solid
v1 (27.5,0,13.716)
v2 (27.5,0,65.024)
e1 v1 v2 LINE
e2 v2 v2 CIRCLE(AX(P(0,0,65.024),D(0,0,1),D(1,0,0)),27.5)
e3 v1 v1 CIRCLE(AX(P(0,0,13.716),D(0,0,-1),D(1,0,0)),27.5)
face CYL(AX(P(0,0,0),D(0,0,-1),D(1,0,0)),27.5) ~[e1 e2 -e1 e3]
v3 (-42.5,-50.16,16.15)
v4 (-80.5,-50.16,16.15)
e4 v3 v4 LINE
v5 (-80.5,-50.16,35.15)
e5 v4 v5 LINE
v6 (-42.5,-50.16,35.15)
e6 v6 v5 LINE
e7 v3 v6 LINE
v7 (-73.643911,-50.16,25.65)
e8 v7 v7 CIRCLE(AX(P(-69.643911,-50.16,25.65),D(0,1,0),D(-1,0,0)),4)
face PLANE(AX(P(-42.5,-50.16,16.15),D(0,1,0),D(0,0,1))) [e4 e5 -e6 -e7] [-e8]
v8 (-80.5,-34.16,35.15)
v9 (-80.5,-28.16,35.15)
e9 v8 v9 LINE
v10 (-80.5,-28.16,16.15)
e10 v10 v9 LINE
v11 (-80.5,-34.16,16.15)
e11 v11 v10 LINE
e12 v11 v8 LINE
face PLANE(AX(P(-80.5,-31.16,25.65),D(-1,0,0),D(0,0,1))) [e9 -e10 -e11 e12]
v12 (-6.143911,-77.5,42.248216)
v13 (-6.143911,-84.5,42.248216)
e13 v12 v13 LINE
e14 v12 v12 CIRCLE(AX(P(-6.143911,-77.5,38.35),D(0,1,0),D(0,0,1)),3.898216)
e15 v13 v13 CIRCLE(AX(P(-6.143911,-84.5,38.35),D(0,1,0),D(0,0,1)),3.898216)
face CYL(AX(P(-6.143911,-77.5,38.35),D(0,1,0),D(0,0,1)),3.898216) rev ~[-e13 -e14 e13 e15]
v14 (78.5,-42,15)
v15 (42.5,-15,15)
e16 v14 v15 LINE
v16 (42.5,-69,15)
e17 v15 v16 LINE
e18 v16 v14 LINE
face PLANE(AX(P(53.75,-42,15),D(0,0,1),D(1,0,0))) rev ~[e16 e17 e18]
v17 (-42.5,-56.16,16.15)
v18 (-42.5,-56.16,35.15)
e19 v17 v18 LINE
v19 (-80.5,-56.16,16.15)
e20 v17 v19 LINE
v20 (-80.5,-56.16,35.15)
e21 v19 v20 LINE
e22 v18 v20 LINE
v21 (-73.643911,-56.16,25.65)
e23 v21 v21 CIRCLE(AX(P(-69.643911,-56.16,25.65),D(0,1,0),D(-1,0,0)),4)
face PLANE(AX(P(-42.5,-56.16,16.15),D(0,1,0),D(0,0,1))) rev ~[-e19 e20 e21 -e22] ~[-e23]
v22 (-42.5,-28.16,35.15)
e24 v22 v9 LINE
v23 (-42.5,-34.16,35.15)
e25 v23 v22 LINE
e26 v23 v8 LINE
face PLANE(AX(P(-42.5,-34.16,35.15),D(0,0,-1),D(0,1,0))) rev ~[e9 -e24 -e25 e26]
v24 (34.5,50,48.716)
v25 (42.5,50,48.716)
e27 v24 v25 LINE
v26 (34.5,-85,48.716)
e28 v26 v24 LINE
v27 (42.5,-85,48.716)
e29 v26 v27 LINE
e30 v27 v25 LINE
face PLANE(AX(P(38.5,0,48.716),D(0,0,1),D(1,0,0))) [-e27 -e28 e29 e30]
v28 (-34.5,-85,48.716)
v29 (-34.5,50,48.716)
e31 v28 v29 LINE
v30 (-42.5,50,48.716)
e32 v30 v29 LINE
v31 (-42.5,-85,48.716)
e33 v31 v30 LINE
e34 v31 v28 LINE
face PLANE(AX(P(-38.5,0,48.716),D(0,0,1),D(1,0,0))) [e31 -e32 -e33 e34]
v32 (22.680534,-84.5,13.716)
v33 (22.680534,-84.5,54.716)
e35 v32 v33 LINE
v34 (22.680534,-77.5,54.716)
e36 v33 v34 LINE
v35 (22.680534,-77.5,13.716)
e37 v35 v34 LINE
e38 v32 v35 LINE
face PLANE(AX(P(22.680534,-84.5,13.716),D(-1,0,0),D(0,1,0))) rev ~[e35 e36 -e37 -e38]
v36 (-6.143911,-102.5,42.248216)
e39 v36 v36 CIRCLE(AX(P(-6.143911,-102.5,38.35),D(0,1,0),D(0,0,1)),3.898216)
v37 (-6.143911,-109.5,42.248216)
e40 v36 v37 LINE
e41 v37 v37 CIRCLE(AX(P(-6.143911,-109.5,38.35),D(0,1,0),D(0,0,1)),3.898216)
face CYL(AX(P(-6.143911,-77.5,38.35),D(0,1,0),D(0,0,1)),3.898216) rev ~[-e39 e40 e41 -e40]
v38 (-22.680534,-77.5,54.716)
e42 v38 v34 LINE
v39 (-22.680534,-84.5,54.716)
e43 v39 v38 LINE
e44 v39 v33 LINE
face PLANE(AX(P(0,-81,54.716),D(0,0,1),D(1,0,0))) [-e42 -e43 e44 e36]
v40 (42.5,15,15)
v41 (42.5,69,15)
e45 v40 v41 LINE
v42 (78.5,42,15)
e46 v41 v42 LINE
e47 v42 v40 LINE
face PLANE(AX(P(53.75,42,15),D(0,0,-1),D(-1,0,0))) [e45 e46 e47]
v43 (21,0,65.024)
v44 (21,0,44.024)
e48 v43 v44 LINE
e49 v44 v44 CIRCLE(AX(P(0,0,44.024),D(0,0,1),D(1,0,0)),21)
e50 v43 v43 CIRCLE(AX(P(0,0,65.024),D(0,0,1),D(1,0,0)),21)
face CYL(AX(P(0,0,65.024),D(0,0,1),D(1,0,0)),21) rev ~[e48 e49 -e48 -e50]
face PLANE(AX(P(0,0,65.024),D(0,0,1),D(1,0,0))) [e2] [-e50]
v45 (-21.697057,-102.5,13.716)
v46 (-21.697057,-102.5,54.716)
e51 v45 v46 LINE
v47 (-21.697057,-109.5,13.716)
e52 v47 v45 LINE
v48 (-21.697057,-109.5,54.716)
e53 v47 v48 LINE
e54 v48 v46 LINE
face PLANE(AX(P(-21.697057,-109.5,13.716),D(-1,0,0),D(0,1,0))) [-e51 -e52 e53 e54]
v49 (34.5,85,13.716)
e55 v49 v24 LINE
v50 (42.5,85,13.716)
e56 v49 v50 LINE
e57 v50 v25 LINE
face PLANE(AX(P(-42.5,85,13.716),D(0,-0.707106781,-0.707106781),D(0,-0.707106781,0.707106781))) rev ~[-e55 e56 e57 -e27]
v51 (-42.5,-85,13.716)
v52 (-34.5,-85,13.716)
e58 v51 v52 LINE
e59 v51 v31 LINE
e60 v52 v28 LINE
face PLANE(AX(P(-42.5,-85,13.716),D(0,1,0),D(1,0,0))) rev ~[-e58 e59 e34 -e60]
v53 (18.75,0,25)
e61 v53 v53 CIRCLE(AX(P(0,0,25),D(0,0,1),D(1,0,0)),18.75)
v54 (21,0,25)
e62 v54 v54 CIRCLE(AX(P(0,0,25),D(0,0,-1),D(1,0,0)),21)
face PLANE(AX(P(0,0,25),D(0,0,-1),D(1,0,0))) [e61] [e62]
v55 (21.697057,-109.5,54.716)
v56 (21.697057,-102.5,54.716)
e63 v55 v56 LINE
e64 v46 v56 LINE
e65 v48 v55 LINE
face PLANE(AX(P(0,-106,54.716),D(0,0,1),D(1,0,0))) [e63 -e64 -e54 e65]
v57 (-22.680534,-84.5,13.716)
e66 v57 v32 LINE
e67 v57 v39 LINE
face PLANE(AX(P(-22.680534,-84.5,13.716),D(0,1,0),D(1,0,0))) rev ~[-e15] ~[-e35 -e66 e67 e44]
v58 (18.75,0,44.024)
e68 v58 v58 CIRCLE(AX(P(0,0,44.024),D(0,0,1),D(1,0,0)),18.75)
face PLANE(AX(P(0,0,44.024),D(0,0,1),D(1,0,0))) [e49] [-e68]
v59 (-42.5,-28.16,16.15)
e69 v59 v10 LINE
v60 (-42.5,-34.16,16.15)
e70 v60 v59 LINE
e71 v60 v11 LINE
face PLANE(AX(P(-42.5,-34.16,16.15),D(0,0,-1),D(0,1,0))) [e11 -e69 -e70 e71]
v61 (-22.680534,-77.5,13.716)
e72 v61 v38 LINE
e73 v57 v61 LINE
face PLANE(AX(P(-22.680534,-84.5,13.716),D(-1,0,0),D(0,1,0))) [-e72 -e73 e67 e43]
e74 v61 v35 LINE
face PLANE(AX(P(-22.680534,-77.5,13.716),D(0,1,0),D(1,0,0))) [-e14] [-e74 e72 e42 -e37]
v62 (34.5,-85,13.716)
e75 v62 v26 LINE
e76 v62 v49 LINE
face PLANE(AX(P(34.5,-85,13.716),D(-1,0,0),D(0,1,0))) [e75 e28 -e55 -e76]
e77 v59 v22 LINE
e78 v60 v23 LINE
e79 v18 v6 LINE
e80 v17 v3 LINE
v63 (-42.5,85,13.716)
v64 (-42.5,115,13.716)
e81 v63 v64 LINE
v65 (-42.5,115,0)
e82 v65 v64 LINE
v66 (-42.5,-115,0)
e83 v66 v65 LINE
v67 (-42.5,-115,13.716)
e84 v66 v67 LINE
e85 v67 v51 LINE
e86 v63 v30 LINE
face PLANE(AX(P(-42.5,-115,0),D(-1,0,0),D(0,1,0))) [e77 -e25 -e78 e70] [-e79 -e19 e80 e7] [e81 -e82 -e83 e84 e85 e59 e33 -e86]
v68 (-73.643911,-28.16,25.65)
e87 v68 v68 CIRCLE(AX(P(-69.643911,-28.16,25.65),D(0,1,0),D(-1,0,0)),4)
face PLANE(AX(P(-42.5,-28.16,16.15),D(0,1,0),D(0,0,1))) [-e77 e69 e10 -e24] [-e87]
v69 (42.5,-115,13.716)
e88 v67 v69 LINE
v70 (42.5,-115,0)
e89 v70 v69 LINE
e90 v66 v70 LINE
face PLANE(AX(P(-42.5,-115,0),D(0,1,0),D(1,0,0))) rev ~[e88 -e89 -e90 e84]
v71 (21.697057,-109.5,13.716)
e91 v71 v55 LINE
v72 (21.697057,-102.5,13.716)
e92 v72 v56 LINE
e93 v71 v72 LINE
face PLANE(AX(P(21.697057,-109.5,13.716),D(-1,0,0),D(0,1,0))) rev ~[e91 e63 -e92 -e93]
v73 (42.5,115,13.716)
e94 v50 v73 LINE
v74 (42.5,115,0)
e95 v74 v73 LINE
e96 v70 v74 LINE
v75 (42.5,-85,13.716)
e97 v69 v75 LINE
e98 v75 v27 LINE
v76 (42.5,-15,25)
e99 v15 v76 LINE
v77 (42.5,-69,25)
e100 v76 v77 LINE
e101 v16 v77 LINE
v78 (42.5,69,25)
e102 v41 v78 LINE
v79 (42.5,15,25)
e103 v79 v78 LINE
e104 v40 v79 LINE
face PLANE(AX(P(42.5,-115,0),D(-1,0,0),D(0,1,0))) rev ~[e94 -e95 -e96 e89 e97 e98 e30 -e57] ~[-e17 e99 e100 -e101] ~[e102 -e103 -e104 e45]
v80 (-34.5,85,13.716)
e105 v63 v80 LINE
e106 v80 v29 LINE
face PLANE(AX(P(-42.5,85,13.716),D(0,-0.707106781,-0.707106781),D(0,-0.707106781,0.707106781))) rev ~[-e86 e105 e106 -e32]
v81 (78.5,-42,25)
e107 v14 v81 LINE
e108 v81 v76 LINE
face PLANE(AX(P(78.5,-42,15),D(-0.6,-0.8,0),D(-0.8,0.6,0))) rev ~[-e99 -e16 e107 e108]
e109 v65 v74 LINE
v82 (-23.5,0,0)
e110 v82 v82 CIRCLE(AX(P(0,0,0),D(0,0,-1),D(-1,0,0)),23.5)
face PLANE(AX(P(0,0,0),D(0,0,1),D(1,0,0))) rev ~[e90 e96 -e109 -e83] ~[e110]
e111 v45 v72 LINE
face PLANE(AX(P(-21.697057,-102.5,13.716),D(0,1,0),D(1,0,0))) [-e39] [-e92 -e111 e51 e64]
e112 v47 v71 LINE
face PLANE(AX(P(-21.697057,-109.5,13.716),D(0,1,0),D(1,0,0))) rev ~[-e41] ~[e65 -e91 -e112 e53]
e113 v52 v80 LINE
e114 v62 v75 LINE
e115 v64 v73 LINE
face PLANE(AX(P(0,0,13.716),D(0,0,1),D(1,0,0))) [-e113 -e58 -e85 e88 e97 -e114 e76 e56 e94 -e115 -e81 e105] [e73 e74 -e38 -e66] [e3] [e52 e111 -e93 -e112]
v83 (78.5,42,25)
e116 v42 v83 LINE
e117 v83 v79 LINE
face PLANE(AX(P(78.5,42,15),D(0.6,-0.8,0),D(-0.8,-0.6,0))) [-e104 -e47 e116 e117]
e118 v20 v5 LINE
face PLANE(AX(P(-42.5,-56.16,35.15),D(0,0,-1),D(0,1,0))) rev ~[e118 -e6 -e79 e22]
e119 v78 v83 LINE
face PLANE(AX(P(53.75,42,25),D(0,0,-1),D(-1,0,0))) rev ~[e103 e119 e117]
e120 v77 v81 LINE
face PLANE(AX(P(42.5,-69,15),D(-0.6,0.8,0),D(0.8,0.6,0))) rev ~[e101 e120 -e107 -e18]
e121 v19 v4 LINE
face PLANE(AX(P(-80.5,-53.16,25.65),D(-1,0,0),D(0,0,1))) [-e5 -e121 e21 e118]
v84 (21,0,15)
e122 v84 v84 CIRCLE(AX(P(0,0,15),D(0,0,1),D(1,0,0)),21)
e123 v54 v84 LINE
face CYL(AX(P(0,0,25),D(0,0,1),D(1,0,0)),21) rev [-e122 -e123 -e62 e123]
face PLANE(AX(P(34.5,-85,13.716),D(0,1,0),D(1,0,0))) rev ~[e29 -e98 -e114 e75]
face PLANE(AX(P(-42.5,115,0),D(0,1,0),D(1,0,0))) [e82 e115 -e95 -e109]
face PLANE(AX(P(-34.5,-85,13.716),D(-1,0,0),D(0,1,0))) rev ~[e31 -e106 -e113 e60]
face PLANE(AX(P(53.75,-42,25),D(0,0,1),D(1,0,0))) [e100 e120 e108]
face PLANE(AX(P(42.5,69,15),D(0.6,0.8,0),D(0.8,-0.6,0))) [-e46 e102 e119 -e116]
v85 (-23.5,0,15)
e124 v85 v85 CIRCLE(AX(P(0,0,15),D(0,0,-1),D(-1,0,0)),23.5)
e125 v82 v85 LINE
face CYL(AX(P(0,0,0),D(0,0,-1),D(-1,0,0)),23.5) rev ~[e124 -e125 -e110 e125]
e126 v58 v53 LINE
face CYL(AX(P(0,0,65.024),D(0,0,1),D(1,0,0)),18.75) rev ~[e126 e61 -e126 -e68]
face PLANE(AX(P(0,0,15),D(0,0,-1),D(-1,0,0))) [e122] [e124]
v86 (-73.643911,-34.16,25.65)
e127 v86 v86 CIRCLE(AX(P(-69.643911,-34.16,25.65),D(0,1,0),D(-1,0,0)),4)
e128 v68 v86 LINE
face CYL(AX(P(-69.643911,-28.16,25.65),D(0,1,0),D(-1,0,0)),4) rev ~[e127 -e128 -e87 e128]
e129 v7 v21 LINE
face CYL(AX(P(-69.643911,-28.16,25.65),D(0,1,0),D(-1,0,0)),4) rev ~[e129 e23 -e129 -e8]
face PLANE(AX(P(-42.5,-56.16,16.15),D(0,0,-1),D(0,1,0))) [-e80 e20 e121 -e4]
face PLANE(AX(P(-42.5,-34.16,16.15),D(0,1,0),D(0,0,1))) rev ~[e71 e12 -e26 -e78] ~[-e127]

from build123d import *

# Parameters (mm, degrees)
SKETCH2_R           = 27.5
BOSS_EXTRUDE1_DEPTH = 65.024
SKETCH3_W           = 85
SKETCH3_H           = 230
BOSS_EXTRUDE2_DEPTH = 13.716
SKETCH4_W           = 43.394113748
SKETCH4_H           = 7
SKETCH4_W_2         = 45.361068276
BOSS_EXTRUDE3_DEPTH = 41
SKETCH7_R           = 18.75
CUT_EXTRUDE3_DEPTH  = 65.024
SKETCH5_R           = 21
CUT_EXTRUDE1_DEPTH  = 21
SKETCH6_R           = 23.5
CUT_EXTRUDE2_DEPTH  = 15
CUT_EXTRUDE4_START  = -25
SKETCH8_R           = 21
CUT_EXTRUDE4_DEPTH  = 25
SKETCH10_W          = 8
SKETCH10_H          = 170
BOSS_EXTRUDE4_DEPTH = 35
CUT_EXTRUDE5_REACH  = 159.093
CUT_EXTRUDE6_REACH  = 209.583
SKETCH14_R          = 3.898215838
BOSS_EXTRUDE5_START = 15
BOSS_EXTRUDE5_DEPTH = 10
SKETCH21_W          = 19
SKETCH21_H          = 6
BOSS_EXTRUDE6_DEPTH = 38
CUT_EXTRUDE7_REACH  = 178.644
SKETCH22_R          = 4


with BuildPart() as part:
    # Sketch2 → Boss-Extrude1 (new body)
    with BuildSketch(Plane.XY):
        Circle(SKETCH2_R)
    extrude(amount=BOSS_EXTRUDE1_DEPTH)

    # Sketch3 → Boss-Extrude2 (add)
    with BuildSketch(Plane.XY):
        Rectangle(SKETCH3_W, SKETCH3_H)
    extrude(amount=BOSS_EXTRUDE2_DEPTH)

    # Sketch4 → Boss-Extrude3 (add)
    with BuildSketch(Plane.XY.offset(13.716)):
        with Locations((0, -106)):
            Rectangle(SKETCH4_W, SKETCH4_H)
        with Locations((0, -81)):
            Rectangle(SKETCH4_W_2, SKETCH4_H)
    extrude(amount=BOSS_EXTRUDE3_DEPTH)

    # Sketch7 → Cut-Extrude3 (cut)
    with BuildSketch(Plane.XY.offset(65.024)):
        Circle(SKETCH7_R)
    extrude(amount=-CUT_EXTRUDE3_DEPTH, mode=Mode.SUBTRACT)

    # Sketch5 → Cut-Extrude1 (cut)
    with BuildSketch(Plane.XY.offset(65.024)):
        Circle(SKETCH5_R)
    extrude(amount=-CUT_EXTRUDE1_DEPTH, mode=Mode.SUBTRACT)

    # Sketch6 → Cut-Extrude2 (cut)
    with BuildSketch(Plane(origin=(0, 0, 0), x_dir=(-1, 0, 0), z_dir=(0, 0, -1))):
        Circle(SKETCH6_R)
    extrude(amount=-CUT_EXTRUDE2_DEPTH, mode=Mode.SUBTRACT)

    # Sketch8 → Cut-Extrude4 (cut)
    with BuildSketch(Plane(origin=(0, 0, 0), x_dir=(-1, 0, 0), z_dir=(0, 0, -1)).offset(CUT_EXTRUDE4_START)):
        with Locations(Location((0, 0, 0), (0, 0, 180))):
            Circle(SKETCH8_R)
    extrude(amount=CUT_EXTRUDE4_DEPTH, mode=Mode.SUBTRACT)

    # Sketch10 → Boss-Extrude4 (add)
    with BuildSketch(Plane.XY.offset(13.716)):
        with Locations((-38.5, 0)):
            Rectangle(SKETCH10_W, SKETCH10_H)
        with Locations((38.5, 0)):
            Rectangle(SKETCH10_W, SKETCH10_H)
    extrude(amount=BOSS_EXTRUDE4_DEPTH)

    # Cut-Extrude5: up to this face of the body (flat: up to its plane)
    cut_extrude5_end = Plane(part.part.faces().sort_by_distance((42.5, 0, 22.776198113))[0])
    # Sketch11 → Cut-Extrude5 (cut, up to the picked face)
    with BuildSketch(Plane.ZY.offset(42.5), mode=Mode.PRIVATE) as cut_extrude5_sk1:
        Polygon((13.716, 85), (48.716, 50), (48.716, 85), align=None)
    cut_extrude5_tool1 = split(extrude(cut_extrude5_sk1.sketch, amount=-CUT_EXTRUDE5_REACH, mode=Mode.PRIVATE), bisect_by=cut_extrude5_end, keep=Keep.BOTH, mode=Mode.PRIVATE)
    add(cut_extrude5_tool1.solids().sort_by(Axis((-42.5, 73.333333, 37.049333), (1, 0, 0)))[0], mode=Mode.SUBTRACT)

    # Cut-Extrude6: up to this face of the body (flat: up to its plane)
    cut_extrude6_end = Plane(part.part.faces().sort_by_distance((0, -109.5, 34.216))[0])
    # Sketch14 → Cut-Extrude6 (cut, up to the picked face)
    with BuildSketch(Plane(origin=(0, -77.5, 0), x_dir=(1, 0, 0), z_dir=(0, 1, 0)), mode=Mode.PRIVATE) as cut_extrude6_sk1:
        with Locations(Location((-6.143911141, -38.35, 0), (0, 0, 270))):
            Circle(SKETCH14_R)
    cut_extrude6_tool1 = split(extrude(cut_extrude6_sk1.sketch, amount=-CUT_EXTRUDE6_REACH, mode=Mode.PRIVATE), bisect_by=cut_extrude6_end, keep=Keep.BOTH, mode=Mode.PRIVATE)
    add(cut_extrude6_tool1.solids().sort_by(Axis((-6.143911, -77.5, 38.35), (0, -1, 0)))[0], mode=Mode.SUBTRACT)

    # Sketch16 → Boss-Extrude5 (add)
    with BuildSketch(Plane.XY.offset(BOSS_EXTRUDE5_START)):
        Polygon((78.5, -42), (42.5, -15), (42.5, -69), align=None)
        Polygon((42.5, 69), (78.5, 42), (42.5, 15), align=None)
    extrude(amount=BOSS_EXTRUDE5_DEPTH)

    # Sketch21 → Boss-Extrude6 (add)
    with BuildSketch(Plane.ZY.offset(42.5)):
        with Locations((25.65, -53.16)):
            Rectangle(SKETCH21_W, SKETCH21_H)
        with Locations((25.65, -31.16)):
            Rectangle(SKETCH21_W, SKETCH21_H)
    extrude(amount=BOSS_EXTRUDE6_DEPTH)

    # Cut-Extrude7: up to this face of the body (flat: up to its plane)
    cut_extrude7_end = Plane(part.part.faces().sort_by_distance((-61.5, -56.16, 25.65))[0])
    # Sketch22 → Cut-Extrude7 (cut, up to the picked face)
    with BuildSketch(Plane(origin=(0, -28.16, 0), x_dir=(1, 0, 0), z_dir=(0, 1, 0)), mode=Mode.PRIVATE) as cut_extrude7_sk1:
        with Locations(Location((-69.643911141, -25.65, 0), (0, 0, 180))):
            Circle(SKETCH22_R)
    cut_extrude7_tool1 = split(extrude(cut_extrude7_sk1.sketch, amount=-CUT_EXTRUDE7_REACH, mode=Mode.PRIVATE), bisect_by=cut_extrude7_end, keep=Keep.BOTH, mode=Mode.PRIVATE)
    add(cut_extrude7_tool1.solids().sort_by(Axis((-69.643911, -28.16, 25.65), (0, -1, 0)))[0], mode=Mode.SUBTRACT)


solid = part.part
